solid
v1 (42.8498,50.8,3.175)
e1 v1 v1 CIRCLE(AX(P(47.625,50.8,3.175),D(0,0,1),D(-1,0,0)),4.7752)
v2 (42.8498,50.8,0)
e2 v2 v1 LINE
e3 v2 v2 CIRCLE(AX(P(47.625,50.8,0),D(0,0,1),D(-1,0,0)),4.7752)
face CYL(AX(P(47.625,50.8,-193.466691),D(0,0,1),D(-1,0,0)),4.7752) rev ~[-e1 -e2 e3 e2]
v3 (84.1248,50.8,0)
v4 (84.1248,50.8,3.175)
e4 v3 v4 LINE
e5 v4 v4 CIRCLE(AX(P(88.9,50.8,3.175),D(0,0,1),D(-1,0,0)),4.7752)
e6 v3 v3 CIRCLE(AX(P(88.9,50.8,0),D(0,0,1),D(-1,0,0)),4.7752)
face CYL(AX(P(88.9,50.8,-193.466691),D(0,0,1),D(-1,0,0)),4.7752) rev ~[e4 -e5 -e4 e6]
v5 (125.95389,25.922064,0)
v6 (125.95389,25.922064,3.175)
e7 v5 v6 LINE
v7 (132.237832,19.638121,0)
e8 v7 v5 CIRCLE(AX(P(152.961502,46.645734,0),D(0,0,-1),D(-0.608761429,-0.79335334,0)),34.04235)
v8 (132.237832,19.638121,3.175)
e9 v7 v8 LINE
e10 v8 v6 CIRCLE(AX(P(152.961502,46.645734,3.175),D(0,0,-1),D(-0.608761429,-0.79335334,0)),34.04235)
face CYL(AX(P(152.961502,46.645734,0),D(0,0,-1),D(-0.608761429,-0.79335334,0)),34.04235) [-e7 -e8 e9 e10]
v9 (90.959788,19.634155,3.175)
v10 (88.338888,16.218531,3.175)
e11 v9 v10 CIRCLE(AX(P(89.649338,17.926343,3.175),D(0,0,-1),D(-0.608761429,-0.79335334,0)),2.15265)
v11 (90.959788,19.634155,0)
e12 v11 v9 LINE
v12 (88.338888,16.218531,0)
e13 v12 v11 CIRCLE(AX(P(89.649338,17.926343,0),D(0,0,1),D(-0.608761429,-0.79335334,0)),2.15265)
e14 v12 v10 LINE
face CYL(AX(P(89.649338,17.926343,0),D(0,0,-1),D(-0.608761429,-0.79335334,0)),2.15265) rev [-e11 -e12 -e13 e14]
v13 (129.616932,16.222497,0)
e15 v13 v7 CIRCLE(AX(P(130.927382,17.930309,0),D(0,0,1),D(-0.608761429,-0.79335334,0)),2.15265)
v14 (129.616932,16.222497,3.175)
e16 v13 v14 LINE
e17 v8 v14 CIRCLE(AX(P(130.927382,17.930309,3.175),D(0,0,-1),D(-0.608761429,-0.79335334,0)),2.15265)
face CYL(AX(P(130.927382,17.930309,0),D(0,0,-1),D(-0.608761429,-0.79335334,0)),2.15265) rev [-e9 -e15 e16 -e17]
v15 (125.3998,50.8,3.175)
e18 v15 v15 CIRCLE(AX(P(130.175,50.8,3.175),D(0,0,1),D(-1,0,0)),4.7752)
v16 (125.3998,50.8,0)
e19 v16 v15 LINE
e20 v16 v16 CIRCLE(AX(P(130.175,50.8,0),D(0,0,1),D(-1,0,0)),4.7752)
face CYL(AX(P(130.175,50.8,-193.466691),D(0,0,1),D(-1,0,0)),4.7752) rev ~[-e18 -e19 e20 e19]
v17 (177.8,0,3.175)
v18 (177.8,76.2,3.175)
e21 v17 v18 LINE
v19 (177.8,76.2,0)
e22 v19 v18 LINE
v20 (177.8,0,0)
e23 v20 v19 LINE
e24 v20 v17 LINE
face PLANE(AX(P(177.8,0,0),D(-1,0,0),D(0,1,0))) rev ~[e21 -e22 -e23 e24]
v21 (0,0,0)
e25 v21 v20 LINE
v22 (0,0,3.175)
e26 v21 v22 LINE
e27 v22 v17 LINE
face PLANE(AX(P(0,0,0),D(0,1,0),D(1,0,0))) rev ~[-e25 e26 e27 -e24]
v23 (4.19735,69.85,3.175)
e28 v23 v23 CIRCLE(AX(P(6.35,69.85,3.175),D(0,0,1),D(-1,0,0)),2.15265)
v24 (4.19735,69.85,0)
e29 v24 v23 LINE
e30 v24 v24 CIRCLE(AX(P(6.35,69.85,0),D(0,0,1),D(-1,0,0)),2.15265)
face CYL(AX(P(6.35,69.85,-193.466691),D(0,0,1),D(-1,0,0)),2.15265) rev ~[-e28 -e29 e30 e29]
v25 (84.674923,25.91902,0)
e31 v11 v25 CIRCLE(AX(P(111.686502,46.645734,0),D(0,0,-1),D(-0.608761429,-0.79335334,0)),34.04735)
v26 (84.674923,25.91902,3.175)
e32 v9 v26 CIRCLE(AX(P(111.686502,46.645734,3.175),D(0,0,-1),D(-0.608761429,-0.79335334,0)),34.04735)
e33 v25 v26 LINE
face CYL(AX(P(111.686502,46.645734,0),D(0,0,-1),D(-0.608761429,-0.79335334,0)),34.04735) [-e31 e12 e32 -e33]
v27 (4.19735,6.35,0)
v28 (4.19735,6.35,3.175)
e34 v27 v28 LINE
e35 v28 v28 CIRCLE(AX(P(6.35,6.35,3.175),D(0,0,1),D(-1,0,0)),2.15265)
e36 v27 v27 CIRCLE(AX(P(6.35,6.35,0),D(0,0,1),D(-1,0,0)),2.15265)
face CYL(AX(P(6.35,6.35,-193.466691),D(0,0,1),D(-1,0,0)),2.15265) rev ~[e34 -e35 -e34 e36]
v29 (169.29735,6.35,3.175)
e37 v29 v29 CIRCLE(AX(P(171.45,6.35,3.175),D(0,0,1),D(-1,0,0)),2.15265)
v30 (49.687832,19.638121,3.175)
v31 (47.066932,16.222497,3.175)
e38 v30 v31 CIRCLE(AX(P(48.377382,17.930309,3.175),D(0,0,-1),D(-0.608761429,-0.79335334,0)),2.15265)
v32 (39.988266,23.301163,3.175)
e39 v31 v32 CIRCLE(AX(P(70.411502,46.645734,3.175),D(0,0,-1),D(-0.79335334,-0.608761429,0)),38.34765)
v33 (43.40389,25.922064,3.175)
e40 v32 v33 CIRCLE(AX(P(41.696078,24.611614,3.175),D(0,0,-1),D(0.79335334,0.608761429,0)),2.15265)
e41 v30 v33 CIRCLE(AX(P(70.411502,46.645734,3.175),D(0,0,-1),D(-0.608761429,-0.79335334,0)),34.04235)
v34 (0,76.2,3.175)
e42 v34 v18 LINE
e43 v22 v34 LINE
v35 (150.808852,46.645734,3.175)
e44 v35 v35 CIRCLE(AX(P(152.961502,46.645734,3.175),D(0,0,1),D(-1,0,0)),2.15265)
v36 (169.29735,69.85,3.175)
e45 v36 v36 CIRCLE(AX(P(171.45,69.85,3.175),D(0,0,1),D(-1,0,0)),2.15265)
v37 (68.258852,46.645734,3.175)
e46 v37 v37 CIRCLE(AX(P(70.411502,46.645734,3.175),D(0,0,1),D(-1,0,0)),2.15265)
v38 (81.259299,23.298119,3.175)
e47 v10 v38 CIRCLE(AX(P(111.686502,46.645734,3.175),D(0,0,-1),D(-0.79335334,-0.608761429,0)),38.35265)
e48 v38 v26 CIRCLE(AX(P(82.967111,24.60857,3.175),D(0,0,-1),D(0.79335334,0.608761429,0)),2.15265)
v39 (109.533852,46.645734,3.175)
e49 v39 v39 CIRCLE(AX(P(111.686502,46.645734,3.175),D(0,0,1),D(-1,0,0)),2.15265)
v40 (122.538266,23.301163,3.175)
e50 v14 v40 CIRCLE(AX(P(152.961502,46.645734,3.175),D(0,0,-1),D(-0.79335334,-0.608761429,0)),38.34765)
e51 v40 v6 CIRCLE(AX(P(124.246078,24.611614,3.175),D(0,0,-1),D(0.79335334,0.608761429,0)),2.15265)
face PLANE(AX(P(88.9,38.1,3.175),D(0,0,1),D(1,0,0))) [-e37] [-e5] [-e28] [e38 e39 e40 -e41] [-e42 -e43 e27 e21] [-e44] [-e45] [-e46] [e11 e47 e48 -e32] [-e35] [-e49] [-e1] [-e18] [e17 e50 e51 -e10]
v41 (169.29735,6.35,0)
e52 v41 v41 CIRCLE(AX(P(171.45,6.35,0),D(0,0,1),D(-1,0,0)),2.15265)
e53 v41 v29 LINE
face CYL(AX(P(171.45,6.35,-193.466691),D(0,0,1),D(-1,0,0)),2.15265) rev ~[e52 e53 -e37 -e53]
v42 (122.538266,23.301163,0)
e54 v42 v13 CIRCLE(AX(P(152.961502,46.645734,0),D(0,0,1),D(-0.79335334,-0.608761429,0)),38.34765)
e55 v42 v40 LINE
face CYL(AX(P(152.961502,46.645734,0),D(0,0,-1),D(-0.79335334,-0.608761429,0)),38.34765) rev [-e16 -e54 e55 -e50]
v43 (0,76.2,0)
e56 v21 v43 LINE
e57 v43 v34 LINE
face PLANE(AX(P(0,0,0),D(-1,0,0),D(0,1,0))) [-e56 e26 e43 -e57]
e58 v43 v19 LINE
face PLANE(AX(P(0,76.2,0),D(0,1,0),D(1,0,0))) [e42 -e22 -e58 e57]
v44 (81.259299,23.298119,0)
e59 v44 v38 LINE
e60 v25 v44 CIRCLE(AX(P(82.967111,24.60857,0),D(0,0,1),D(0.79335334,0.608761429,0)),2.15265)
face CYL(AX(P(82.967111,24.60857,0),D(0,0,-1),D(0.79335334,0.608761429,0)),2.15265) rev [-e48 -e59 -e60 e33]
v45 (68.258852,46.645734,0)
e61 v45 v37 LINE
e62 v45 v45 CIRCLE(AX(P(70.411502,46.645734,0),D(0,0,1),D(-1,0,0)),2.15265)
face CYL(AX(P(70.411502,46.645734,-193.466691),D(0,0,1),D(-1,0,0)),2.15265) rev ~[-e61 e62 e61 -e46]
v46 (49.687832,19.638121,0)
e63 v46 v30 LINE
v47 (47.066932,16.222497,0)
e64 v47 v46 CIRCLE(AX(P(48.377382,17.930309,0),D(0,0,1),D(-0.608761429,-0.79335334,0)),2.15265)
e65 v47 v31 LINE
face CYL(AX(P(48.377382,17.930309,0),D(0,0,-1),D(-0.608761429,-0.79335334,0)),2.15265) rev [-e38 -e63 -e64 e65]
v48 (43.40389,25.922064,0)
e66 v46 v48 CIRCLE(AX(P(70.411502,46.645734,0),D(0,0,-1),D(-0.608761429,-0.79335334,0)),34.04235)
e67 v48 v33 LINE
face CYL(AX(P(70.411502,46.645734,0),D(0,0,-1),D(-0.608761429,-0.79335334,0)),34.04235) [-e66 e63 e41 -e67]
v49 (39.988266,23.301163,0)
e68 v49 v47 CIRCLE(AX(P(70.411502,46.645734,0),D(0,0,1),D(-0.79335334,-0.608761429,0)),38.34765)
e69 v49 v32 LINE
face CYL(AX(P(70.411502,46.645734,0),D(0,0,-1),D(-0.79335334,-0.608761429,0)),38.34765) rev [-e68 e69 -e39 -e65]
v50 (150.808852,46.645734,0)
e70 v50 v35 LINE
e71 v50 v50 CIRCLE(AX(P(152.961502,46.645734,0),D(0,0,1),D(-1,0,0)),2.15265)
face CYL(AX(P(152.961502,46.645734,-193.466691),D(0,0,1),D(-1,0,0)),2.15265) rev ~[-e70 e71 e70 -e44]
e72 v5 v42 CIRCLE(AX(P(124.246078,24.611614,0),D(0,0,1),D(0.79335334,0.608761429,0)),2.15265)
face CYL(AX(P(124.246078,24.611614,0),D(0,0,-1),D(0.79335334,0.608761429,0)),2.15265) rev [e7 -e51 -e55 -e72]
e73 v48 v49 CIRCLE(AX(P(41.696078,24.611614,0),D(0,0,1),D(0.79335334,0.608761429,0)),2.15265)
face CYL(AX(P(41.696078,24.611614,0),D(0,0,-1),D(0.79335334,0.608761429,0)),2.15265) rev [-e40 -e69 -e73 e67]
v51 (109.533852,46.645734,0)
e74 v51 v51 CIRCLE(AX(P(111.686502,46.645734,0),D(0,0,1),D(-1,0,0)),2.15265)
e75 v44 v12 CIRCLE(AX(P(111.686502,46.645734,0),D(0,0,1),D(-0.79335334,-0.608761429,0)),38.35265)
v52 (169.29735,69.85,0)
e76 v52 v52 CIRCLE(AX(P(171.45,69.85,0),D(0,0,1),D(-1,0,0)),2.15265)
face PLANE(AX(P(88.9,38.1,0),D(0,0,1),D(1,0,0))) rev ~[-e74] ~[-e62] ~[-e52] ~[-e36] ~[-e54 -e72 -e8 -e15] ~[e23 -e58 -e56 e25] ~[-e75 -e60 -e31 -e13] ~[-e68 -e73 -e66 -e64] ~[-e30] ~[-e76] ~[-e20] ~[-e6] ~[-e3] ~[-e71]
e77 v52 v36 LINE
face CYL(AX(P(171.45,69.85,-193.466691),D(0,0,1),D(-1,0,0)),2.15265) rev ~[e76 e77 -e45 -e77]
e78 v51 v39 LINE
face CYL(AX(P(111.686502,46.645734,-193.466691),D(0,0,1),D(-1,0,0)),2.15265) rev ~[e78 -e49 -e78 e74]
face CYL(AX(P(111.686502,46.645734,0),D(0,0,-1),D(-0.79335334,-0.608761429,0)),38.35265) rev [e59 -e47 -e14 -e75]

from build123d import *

# Parameters (mm, degrees)
F0_W     = 177.8
F0_H     = 76.2
F3_DEPTH = 3.175
F4_DEPTH = 3.176
F5_D     = 4.3053
F6_D     = 9.5504


with BuildPart() as f3:
    # F0 (on Top) → F3 (new body)
    with BuildSketch(Plane.XY):
        with Locations((88.9, 38.1)):
            Rectangle(F0_W, F0_H)
    extrude(amount=F3_DEPTH)

    # F2 (on face) → F4 (cut, through all)
    with BuildSketch(Plane.XY):
        with BuildLine():
            ThreePointArc((47.0669316685, 16.2224972986), (50.0851940266, 16.6198590764), (49.6878322488, 19.6381214345))
            ThreePointArc((49.6878322488, 19.6381214345), (46.3399253491, 22.5741569859), (43.4038897977, 25.9220638856))
            ThreePointArc((43.4038897977, 25.9220638856), (40.3856274396, 26.3194256634), (39.9882656618, 23.3011633053))
            ThreePointArc((39.9882656618, 23.3011633053), (43.295618524, 19.5298501608), (47.0669316685, 16.2224972986))
        make_face()
        with BuildLine():
            ThreePointArc((88.3388878613, 16.2185305319), (91.3571502195, 16.6158923097), (90.9597884416, 19.6341546678))
            ThreePointArc((90.9597884416, 19.6341546678), (87.6113898152, 22.570621452), (84.674923031, 25.9190200784))
            ThreePointArc((84.674923031, 25.9190200784), (81.6566606729, 26.3163818563), (81.2592988951, 23.2981194981))
            ThreePointArc((81.2592988951, 23.2981194981), (84.5670829901, 19.5263146269), (88.3388878613, 16.2185305319))
        make_face()
        with BuildLine():
            ThreePointArc((129.6169316685, 16.2224972986), (132.6351940266, 16.6198590764), (132.2378322488, 19.6381214345))
            ThreePointArc((132.2378322488, 19.6381214345), (128.8899253491, 22.5741569859), (125.9538897977, 25.9220638856))
            ThreePointArc((125.9538897977, 25.9220638856), (122.9356274396, 26.3194256634), (122.5382656618, 23.3011633053))
            ThreePointArc((122.5382656618, 23.3011633053), (125.845618524, 19.5298501608), (129.6169316685, 16.2224972986))
        make_face()
    extrude(amount=F4_DEPTH, mode=Mode.SUBTRACT)

    # F5 (through all)
    with Locations(Plane(origin=(0, 0, 0), x_dir=(1, 0, 0), z_dir=(0, 0, -1))):
        with Locations((70.4115018816, -46.6457335184), (111.6865018816, -46.6457335184), (152.9615018816, -46.6457335184), (6.35, -69.85), (6.35, -6.35), (171.45, -69.85), (171.45, -6.35)):
            Hole(F5_D / 2)

    # F6 (through all)
    with Locations(Plane(origin=(0, 0, 0), x_dir=(1, 0, 0), z_dir=(0, 0, -1))):
        with Locations((47.625, -50.8), (88.9, -50.8), (130.175, -50.8)):
            Hole(F6_D / 2)


solid = f3.part
